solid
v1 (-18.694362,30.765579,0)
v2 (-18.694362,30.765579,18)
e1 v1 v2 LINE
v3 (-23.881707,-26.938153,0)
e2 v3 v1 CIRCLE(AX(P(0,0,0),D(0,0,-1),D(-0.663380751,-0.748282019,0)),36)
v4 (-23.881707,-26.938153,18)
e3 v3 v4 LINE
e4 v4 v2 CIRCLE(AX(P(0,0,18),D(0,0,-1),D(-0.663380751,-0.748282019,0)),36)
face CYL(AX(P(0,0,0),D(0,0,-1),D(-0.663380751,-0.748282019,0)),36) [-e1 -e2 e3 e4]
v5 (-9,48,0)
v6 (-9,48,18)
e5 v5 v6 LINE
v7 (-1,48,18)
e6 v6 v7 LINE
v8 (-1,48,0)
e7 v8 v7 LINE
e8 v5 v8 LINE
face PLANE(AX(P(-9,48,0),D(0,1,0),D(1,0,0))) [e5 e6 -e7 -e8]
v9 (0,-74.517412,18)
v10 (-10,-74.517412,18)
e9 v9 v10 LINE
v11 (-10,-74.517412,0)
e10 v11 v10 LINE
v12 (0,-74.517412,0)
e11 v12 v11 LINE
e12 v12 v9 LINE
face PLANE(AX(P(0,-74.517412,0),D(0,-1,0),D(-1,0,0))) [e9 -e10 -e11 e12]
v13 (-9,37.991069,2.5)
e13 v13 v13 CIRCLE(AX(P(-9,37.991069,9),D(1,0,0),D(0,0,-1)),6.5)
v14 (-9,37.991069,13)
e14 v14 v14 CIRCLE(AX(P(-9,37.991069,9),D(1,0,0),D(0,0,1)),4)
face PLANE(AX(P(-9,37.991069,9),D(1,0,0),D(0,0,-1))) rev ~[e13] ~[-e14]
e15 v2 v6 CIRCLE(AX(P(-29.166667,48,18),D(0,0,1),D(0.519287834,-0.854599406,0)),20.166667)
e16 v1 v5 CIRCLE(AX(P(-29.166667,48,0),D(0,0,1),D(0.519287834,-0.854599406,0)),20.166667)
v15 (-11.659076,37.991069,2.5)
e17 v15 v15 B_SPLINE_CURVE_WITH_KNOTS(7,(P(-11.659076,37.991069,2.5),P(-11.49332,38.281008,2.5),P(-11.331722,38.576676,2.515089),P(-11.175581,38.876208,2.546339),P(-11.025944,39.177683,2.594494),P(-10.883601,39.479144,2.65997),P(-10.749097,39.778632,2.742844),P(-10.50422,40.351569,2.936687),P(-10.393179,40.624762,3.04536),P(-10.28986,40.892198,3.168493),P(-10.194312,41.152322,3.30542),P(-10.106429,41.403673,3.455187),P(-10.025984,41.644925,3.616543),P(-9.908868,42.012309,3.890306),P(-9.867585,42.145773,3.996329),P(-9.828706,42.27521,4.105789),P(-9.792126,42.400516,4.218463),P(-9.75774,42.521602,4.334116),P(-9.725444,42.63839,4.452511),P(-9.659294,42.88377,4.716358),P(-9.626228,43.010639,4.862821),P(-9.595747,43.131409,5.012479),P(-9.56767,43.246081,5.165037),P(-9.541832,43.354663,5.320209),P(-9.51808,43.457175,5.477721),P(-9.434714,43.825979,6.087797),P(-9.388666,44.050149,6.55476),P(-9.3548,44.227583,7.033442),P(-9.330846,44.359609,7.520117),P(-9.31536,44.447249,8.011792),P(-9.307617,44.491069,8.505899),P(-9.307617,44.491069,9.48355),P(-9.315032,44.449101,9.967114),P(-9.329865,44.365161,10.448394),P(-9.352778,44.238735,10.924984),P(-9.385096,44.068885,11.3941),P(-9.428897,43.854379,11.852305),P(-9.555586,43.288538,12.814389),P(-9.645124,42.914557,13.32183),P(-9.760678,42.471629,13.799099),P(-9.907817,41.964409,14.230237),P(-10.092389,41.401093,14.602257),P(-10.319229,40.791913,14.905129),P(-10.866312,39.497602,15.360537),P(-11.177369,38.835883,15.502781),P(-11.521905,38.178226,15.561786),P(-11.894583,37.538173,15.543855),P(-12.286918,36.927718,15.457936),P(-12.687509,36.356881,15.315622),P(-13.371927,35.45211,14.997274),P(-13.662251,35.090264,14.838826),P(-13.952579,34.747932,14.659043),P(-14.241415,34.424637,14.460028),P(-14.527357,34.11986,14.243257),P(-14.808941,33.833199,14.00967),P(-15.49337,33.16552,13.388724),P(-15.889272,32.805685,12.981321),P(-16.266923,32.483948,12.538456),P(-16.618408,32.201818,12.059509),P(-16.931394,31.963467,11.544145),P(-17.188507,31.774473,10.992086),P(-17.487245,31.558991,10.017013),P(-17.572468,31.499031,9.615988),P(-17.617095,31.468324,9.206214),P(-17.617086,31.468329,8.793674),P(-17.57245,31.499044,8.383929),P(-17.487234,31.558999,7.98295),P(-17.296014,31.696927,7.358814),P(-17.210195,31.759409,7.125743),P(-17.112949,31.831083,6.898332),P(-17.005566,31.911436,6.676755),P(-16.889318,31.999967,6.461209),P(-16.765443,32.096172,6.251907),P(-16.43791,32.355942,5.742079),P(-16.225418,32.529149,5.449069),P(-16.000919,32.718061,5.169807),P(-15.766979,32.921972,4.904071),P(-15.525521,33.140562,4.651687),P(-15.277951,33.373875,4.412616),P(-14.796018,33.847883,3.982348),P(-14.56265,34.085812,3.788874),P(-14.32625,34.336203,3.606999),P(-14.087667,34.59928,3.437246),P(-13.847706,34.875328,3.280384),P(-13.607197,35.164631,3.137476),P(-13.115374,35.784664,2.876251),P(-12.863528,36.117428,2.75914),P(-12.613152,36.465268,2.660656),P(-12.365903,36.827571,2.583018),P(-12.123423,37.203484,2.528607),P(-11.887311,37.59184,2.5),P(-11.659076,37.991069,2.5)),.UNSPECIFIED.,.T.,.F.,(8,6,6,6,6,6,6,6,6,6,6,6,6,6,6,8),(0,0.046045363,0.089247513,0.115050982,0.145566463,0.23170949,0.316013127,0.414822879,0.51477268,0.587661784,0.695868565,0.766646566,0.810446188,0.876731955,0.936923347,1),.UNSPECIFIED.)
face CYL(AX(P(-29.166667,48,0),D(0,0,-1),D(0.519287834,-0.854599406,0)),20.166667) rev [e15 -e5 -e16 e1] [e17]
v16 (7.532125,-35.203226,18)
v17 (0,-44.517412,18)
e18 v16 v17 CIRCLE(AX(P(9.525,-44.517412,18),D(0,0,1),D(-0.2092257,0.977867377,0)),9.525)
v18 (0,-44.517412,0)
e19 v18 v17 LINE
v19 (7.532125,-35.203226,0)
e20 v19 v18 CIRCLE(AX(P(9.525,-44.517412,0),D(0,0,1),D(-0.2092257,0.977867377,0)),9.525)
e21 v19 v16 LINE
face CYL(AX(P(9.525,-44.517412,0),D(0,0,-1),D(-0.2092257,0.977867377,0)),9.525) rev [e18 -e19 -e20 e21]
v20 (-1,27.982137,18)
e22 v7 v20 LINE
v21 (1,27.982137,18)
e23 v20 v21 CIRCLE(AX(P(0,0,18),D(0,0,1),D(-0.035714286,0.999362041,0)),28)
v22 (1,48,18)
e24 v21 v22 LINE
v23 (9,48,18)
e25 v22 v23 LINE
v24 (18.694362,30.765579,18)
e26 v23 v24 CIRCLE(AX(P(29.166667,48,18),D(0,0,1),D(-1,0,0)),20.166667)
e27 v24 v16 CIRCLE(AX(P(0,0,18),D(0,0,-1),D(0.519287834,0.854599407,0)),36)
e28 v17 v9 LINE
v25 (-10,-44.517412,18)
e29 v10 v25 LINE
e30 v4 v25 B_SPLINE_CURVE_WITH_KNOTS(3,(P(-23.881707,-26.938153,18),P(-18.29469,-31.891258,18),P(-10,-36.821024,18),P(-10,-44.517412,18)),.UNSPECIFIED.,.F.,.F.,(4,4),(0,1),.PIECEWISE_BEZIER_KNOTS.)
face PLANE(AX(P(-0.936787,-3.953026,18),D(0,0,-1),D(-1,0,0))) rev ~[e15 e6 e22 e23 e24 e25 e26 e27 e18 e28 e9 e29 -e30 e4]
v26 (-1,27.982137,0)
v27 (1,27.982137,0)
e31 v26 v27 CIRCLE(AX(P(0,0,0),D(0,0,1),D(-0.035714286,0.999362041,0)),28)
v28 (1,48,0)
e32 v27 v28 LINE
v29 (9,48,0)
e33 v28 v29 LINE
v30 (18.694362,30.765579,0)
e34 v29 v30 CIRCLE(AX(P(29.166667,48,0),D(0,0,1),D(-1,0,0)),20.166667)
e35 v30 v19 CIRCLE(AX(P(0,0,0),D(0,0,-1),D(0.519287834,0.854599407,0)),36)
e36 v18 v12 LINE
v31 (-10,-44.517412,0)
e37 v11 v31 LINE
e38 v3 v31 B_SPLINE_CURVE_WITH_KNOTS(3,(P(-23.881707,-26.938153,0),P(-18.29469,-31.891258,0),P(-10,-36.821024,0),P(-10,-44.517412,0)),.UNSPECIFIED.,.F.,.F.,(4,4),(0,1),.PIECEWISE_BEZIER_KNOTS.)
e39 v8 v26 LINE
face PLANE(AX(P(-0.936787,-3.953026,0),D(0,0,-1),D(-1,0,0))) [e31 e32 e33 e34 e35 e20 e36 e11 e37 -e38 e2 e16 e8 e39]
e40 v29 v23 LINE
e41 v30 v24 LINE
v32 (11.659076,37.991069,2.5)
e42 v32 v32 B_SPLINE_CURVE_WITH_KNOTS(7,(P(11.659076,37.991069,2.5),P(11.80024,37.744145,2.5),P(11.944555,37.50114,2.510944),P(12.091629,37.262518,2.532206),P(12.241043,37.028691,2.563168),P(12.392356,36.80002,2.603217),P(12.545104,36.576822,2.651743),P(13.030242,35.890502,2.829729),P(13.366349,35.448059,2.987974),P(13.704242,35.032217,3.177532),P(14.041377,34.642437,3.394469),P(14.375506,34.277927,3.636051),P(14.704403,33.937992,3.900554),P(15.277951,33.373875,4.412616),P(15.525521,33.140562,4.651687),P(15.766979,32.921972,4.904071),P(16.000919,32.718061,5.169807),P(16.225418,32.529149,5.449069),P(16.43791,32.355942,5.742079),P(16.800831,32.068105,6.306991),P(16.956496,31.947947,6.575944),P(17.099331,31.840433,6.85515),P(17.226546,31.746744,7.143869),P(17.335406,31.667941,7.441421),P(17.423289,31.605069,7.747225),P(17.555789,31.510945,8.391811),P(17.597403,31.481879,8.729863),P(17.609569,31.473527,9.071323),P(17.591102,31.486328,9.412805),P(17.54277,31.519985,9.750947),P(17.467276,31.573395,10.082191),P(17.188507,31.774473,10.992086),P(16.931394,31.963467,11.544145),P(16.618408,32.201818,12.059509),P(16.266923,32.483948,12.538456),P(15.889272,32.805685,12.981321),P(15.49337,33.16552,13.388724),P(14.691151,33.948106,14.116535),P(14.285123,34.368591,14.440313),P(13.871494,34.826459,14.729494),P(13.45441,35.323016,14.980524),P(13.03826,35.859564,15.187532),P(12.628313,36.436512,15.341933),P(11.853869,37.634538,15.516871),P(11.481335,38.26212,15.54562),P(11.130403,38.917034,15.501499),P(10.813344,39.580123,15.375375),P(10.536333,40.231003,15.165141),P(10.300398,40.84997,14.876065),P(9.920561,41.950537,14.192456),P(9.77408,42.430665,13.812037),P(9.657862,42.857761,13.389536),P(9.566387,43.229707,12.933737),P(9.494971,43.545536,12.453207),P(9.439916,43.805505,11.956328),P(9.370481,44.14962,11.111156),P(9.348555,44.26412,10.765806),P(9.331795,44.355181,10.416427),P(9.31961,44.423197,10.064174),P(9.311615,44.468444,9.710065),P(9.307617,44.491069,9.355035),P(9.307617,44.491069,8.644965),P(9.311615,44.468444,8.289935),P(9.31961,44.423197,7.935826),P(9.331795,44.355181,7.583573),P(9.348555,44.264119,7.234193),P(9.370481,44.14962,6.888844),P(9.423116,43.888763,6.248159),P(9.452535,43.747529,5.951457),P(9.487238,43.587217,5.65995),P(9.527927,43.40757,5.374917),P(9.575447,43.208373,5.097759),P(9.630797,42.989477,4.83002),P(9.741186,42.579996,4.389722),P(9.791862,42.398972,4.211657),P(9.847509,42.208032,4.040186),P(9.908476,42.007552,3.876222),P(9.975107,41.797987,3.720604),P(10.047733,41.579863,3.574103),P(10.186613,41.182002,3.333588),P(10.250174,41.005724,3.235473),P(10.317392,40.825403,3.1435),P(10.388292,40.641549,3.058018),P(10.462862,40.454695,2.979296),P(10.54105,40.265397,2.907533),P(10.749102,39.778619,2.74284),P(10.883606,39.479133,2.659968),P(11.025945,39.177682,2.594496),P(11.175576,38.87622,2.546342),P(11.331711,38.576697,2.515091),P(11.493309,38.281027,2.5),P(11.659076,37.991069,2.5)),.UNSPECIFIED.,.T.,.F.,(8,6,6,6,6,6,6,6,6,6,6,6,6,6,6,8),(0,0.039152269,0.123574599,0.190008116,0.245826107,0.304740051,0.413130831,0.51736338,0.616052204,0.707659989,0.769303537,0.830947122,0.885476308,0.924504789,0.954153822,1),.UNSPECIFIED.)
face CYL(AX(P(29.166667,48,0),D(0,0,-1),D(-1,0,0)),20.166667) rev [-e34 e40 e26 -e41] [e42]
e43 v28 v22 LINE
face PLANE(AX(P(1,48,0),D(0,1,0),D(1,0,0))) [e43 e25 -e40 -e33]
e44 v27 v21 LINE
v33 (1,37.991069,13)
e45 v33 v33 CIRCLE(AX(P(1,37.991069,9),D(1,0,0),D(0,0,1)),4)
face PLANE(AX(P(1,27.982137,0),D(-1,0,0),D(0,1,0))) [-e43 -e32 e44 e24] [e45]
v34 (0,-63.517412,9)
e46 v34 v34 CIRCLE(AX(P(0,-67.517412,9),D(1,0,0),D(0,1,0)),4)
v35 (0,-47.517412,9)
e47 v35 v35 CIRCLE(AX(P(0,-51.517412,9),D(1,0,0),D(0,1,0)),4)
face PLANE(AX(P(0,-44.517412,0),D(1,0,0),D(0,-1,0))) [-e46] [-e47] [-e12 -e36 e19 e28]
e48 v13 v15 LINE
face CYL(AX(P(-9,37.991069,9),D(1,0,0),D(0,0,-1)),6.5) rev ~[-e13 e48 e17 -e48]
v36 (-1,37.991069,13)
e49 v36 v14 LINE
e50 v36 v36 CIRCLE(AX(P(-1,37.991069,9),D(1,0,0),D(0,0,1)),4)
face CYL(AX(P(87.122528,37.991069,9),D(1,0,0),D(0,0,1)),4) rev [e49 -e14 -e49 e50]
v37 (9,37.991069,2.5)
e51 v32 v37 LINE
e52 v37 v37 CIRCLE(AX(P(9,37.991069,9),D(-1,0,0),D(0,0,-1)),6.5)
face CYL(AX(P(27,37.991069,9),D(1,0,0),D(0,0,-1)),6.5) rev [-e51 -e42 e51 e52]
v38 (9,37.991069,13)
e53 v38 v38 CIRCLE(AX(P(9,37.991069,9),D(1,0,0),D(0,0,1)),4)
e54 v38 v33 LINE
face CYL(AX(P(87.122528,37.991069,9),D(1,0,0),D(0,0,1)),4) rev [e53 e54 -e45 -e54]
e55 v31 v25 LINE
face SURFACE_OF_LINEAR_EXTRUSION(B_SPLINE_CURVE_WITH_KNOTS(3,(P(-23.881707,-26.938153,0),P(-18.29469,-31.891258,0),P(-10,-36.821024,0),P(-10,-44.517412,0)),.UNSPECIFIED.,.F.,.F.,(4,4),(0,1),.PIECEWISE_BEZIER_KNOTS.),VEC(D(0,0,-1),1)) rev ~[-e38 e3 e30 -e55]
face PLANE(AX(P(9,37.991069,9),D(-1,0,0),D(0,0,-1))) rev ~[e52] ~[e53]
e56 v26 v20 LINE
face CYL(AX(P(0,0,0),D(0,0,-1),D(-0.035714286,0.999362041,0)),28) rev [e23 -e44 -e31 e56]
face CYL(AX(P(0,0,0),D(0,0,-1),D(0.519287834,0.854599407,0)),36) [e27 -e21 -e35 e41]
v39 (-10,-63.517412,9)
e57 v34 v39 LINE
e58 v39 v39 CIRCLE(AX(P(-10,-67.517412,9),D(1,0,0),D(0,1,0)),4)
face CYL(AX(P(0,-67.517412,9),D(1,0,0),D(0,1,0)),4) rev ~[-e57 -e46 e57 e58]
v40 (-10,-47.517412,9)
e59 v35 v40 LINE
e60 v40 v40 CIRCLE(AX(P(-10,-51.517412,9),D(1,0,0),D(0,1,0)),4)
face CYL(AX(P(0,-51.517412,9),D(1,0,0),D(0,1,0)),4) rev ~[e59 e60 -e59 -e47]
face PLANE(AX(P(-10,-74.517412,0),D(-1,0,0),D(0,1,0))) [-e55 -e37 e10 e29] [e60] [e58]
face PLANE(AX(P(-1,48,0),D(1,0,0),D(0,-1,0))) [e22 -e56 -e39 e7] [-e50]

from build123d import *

# Parameters (mm, degrees)
BOSS_EXTRUDE1_DEPTH     = 18
CUT_EXTRUDE4_DEPTH      = 86.122527954
CUT_EXTRUDE4_DEPTH_BACK = 86.122527954
SKETCH7_R               = 4
SKETCH8_R               = 6.5
CUT_EXTRUDE5_DEPTH      = 18
CUT_EXTRUDE6_START      = -18
SKETCH10_R              = 6.5
CUT_EXTRUDE6_DEPTH      = 18
SKETCH12_R              = 4
CUT_EXTRUDE7_DEPTH      = 85.692648826


with BuildPart() as part:
    # Sketch1 → Boss-Extrude1 (new body)
    with BuildSketch(Plane.XY):
        with BuildLine():
            Line((0, -44.517412324), (0, -74.517412324))
            Line((0, -74.517412324), (-10, -74.517412324))
            Line((-10, -74.517412324), (-10, -44.517412324))
            add(Edge.make_bspline(
                [(-23.881707028, -26.938152673), (-18.294689626, -31.891258195), (-10, -36.821023575), (-10, -44.517412324)],
                knots=[0, 0, 0, 0, 1, 1, 1, 1], degree=3))
            ThreePointArc((-23.881707028, -26.938152673), (-35.855411942, 3.223264562), (-18.694362018, 30.765578635))
            ThreePointArc((-18.694362018, 30.765578635), (-11.589893335, 38.113065001), (-9, 48))
            Line((-9, 48), (-1, 48))
            Line((-1, 48), (-1, 27.982137159))
            ThreePointArc((-1, 27.982137159), (0, -28), (1, 27.982137159))
            Line((1, 27.982137159), (1, 48))
            Line((1, 48), (9, 48))
            ThreePointArc((9, 48), (11.589893335, 38.113065001), (18.694362018, 30.765578635))
            ThreePointArc((18.694362018, 30.765578635), (35.495463651, -6.006002016), (7.532125206, -35.203225561))
            ThreePointArc((7.532125206, -35.203225561), (2.11865956, -38.528109669), (0, -44.517412324))
        make_face()
    extrude(amount=BOSS_EXTRUDE1_DEPTH)

    # Sketch7 → Cut-Extrude4 (cut, two sides: drawn at the far end of the back side and taken through both)
    with BuildSketch(Plane.ZY.offset(-1).offset(-CUT_EXTRUDE4_DEPTH_BACK)):
        with Locations((9, 37.99106858)):
            Circle(SKETCH7_R)
    extrude(amount=CUT_EXTRUDE4_DEPTH + CUT_EXTRUDE4_DEPTH_BACK, mode=Mode.SUBTRACT)

    # Sketch8 → Cut-Extrude5 (cut)
    with BuildSketch(Plane(origin=(-9, 0, 0), x_dir=(0, 0, -1), z_dir=(1, 0, 0))):
        with Locations((-9, 37.99106858)):
            Circle(SKETCH8_R)
    extrude(amount=-CUT_EXTRUDE5_DEPTH, mode=Mode.SUBTRACT)

    # Sketch10 → Cut-Extrude6 (cut)
    with BuildSketch(Plane.ZY.offset(-9).offset(CUT_EXTRUDE6_START)):
        with Locations(Location((9, 37.99106858, 0), (0, 0, 180))):
            Circle(SKETCH10_R)
    extrude(amount=CUT_EXTRUDE6_DEPTH, mode=Mode.SUBTRACT)

    # Sketch12 → Cut-Extrude7 (cut, through all)
    with BuildSketch(Plane(origin=(0, 0, 0), x_dir=(0, 0, -1), z_dir=(1, 0, 0))):
        with Locations(Location((-9, -51.517412324, 0), (0, 0, 90))):
            Circle(SKETCH12_R)
        with Locations(Location((-9, -67.517412324, 0), (0, 0, 90))):
            Circle(SKETCH12_R)
    extrude(amount=-CUT_EXTRUDE7_DEPTH, mode=Mode.SUBTRACT)


solid = part.part
